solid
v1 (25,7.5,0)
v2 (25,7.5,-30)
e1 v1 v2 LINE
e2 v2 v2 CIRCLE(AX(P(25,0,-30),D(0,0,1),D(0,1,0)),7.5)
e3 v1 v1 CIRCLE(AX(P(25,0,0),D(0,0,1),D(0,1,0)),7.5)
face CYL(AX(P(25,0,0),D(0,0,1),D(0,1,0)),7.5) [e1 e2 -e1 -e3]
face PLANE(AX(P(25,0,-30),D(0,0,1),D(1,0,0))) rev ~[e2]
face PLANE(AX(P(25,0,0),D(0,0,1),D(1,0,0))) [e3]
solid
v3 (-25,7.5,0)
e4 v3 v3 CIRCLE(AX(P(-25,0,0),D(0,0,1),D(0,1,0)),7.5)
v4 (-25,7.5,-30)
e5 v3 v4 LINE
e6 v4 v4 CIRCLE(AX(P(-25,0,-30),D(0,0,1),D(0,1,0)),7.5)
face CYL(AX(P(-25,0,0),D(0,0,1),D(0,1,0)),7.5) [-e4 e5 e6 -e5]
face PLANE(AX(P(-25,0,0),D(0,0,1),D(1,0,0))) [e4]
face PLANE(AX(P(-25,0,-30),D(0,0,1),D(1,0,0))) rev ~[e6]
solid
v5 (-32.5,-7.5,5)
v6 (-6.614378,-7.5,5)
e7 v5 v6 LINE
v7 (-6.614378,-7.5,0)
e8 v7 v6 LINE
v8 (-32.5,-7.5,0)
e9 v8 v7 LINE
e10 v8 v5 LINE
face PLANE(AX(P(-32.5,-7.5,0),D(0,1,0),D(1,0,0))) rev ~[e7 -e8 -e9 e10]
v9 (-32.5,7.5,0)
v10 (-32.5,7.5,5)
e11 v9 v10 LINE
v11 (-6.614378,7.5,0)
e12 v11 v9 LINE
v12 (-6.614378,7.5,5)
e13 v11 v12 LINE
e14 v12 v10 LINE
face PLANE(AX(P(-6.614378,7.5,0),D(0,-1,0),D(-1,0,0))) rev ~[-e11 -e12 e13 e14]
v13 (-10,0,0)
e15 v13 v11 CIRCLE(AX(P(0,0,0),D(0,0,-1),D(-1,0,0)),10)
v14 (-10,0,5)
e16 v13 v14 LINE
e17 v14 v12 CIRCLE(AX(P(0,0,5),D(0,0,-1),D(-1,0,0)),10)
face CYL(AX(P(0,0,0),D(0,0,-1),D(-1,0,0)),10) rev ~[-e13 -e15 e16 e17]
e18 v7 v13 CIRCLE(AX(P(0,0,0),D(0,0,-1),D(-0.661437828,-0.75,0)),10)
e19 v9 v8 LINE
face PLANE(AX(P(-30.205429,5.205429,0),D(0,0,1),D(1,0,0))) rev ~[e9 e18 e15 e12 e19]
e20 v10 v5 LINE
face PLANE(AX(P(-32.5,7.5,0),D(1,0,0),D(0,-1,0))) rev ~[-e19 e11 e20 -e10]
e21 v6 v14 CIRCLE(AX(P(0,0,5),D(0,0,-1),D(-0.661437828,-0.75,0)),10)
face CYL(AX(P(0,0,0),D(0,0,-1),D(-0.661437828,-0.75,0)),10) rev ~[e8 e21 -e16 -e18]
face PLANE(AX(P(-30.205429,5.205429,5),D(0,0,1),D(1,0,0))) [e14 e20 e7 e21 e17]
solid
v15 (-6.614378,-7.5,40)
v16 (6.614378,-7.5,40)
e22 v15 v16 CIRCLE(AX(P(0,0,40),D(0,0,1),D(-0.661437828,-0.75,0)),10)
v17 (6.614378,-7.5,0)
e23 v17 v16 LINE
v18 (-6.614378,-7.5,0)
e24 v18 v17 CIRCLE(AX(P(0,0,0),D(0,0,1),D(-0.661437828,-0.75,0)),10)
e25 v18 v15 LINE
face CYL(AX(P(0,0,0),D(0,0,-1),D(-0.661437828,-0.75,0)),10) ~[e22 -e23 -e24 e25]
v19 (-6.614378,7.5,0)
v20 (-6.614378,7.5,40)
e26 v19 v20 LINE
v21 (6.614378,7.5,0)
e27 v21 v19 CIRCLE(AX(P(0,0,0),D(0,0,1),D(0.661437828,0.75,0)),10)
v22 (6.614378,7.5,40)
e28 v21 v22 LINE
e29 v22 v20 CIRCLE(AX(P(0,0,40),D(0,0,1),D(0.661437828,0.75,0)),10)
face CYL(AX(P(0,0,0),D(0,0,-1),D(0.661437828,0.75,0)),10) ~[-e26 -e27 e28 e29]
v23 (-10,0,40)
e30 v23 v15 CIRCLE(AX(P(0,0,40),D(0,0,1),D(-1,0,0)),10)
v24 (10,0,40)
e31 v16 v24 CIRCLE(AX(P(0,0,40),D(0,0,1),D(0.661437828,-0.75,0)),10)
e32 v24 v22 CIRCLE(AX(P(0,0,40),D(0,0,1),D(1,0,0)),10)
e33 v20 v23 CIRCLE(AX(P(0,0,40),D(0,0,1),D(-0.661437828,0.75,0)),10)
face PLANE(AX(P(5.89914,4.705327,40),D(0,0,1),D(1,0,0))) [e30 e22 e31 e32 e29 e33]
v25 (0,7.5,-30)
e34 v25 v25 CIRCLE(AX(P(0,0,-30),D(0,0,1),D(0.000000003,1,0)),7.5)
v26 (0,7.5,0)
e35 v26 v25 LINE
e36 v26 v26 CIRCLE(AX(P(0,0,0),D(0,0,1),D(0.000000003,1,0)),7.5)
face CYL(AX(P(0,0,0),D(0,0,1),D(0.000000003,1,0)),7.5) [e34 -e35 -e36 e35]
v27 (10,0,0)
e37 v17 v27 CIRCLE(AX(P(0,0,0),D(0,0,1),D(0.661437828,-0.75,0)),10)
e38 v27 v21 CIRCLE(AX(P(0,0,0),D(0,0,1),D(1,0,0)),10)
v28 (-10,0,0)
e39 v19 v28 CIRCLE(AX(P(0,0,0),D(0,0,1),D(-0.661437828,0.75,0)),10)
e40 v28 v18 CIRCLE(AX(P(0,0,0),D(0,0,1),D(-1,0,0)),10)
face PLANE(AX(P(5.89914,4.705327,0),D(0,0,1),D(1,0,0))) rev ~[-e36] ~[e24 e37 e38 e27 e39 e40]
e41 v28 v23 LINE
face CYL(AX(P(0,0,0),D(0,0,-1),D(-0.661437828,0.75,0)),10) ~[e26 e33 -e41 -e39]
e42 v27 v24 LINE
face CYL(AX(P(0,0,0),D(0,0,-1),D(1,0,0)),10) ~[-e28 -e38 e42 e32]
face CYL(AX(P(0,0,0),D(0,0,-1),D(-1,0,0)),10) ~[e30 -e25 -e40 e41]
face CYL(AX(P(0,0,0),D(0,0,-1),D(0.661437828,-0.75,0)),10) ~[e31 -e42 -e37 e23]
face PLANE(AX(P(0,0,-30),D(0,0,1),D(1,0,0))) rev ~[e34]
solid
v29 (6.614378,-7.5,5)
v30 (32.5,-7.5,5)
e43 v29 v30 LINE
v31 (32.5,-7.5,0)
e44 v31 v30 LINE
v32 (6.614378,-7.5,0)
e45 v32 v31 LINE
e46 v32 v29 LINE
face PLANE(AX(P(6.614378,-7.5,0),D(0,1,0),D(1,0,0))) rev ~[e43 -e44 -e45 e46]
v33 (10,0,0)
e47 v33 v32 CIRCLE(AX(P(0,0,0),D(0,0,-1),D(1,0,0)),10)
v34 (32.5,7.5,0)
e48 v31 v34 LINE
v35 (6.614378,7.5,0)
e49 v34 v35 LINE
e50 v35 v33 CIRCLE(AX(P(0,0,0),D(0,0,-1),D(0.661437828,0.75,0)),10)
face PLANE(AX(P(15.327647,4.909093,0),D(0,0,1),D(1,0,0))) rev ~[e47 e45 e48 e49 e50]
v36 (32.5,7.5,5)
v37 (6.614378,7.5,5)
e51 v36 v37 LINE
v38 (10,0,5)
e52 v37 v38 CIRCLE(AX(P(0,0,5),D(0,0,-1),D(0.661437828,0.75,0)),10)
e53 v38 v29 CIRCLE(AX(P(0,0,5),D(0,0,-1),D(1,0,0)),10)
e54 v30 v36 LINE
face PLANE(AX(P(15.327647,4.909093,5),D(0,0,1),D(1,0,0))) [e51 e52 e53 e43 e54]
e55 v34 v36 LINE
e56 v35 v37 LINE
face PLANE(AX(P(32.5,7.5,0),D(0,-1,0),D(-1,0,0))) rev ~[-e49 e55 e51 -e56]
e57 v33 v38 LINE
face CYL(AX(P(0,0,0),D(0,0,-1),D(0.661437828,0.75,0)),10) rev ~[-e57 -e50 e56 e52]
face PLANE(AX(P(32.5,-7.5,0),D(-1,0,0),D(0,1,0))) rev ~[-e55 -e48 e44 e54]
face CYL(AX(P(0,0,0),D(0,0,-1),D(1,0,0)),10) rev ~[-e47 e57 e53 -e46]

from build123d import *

# Parameters (mm, degrees)
F1_DEPTH = 30
F2_DEPTH = 40
F3_DEPTH = 5


with BuildPart() as f1:
    # F0 (on Top) → F1 (new body)
    with BuildSketch(Plane.XY):
        with BuildLine():
            ThreePointArc((-32.5, 0), (-30.3033008589, -5.3033008589), (-25, -7.5))
            ThreePointArc((-25, -7.5), (-19.6966991411, -5.3033008589), (-17.5, 0))
            ThreePointArc((-17.5, 0), (-19.6966991411, 5.3033008589), (-25, 7.5))
            ThreePointArc((-25, 7.5), (-30.3033008589, 5.3033008589), (-32.5, 0))
        make_face()
    extrude(amount=-F1_DEPTH)


with BuildPart() as f1b:
    # F0 (on Top) → F1, piece 2 (new body)
    with BuildSketch(Plane.XY):
        with BuildLine():
            ThreePointArc((-7.5, 0), (-5.3033008508, -5.303300867), (2.3e-08, -7.5))
            ThreePointArc((2.3e-08, -7.5), (5.303300867, -5.3033008508), (7.5, 0))
            ThreePointArc((7.5, 0), (5.3033008671, 5.3033008507), (2.31e-08, 7.5))
            ThreePointArc((2.31e-08, 7.5), (-5.3033008507, 5.3033008671), (-7.5, 0))
        make_face()
    extrude(amount=-F1_DEPTH)

    # F0 (on Top) → F2 (join)
    with BuildSketch(Plane.XY):
        with BuildLine():
            Line((7.5, 0), (10, 0))
            ThreePointArc((10, 0), (9.1143782777, 4.1143782777), (6.6143782777, 7.5))
            Line((6.6143782777, 7.5), (2.31e-08, 7.5))
            ThreePointArc((2.31e-08, 7.5), (5.3033008671, 5.3033008507), (7.5, 0))
        make_face()
        with BuildLine():
            Line((2.31e-08, 7.5), (6.6143782777, 7.5))
            ThreePointArc((6.6143782777, 7.5), (0, 10), (-6.6143782777, 7.5))
            Line((-6.6143782777, 7.5), (2.31e-08, 7.5))
        make_face()
        with BuildLine():
            Line((-10, 0), (-7.5, 0))
            ThreePointArc((-7.5, 0), (-5.3033008507, 5.3033008671), (2.31e-08, 7.5))
            Line((2.31e-08, 7.5), (-6.6143782777, 7.5))
            ThreePointArc((-6.6143782777, 7.5), (-9.1143782777, 4.1143782777), (-10, 0))
        make_face()
        with BuildLine():
            ThreePointArc((-7.5, 0), (-5.3033008508, -5.303300867), (2.3e-08, -7.5))
            ThreePointArc((2.3e-08, -7.5), (5.303300867, -5.3033008508), (7.5, 0))
            ThreePointArc((7.5, 0), (5.3033008671, 5.3033008507), (2.31e-08, 7.5))
            ThreePointArc((2.31e-08, 7.5), (-5.3033008507, 5.3033008671), (-7.5, 0))
        make_face()
        with BuildLine():
            Line((2.3e-08, -7.5), (6.6143782777, -7.5))
            ThreePointArc((6.6143782777, -7.5), (9.1143782777, -4.1143782777), (10, 0))
            Line((10, 0), (7.5, 0))
            ThreePointArc((7.5, 0), (5.303300867, -5.3033008508), (2.3e-08, -7.5))
        make_face()
        with BuildLine():
            ThreePointArc((-6.6143782777, -7.5), (0, -10), (6.6143782777, -7.5))
            Line((6.6143782777, -7.5), (2.3e-08, -7.5))
            Line((2.3e-08, -7.5), (-6.6143782777, -7.5))
        make_face()
        with BuildLine():
            Line((-6.6143782777, -7.5), (2.3e-08, -7.5))
            ThreePointArc((2.3e-08, -7.5), (-5.3033008508, -5.303300867), (-7.5, 0))
            Line((-7.5, 0), (-10, 0))
            ThreePointArc((-10, 0), (-9.1143782777, -4.1143782777), (-6.6143782777, -7.5))
        make_face()
    extrude(amount=F2_DEPTH)


with BuildPart() as f1c:
    # F0 (on Top) → F1, piece 3 (new body)
    with BuildSketch(Plane.XY):
        with BuildLine():
            ThreePointArc((17.5, 0), (19.6966991411, -5.3033008589), (25, -7.5))
            ThreePointArc((25, -7.5), (30.3033008589, -5.3033008589), (32.5, 0))
            ThreePointArc((32.5, 0), (30.3033008589, 5.3033008589), (25, 7.5))
            ThreePointArc((25, 7.5), (19.6966991411, 5.3033008589), (17.5, 0))
        make_face()
    extrude(amount=-F1_DEPTH)


with BuildPart() as f3:
    # F0 (on Top) → F3 (new body)
    with BuildSketch(Plane.XY):
        with BuildLine():
            Line((-32.5, 7.5), (-32.5, 0))
            ThreePointArc((-32.5, 0), (-30.3033008589, 5.3033008589), (-25, 7.5))
            Line((-25, 7.5), (-32.5, 7.5))
        make_face()
        with BuildLine():
            Line((-32.5, -7.5), (-25, -7.5))
            ThreePointArc((-25, -7.5), (-30.3033008589, -5.3033008589), (-32.5, 0))
            Line((-32.5, 0), (-32.5, -7.5))
        make_face()
        with BuildLine():
            Line((-25, -7.5), (-6.6143782777, -7.5))
            ThreePointArc((-6.6143782777, -7.5), (-9.1143782777, -4.1143782777), (-10, 0))
            Line((-10, 0), (-17.5, 0))
            ThreePointArc((-17.5, 0), (-19.6966991411, -5.3033008589), (-25, -7.5))
        make_face()
        with BuildLine():
            Line((-17.5, 0), (-10, 0))
            ThreePointArc((-10, 0), (-9.1143782777, 4.1143782777), (-6.6143782777, 7.5))
            Line((-6.6143782777, 7.5), (-25, 7.5))
            ThreePointArc((-25, 7.5), (-19.6966991411, 5.3033008589), (-17.5, 0))
        make_face()
        with BuildLine():
            ThreePointArc((-32.5, 0), (-30.3033008589, -5.3033008589), (-25, -7.5))
            ThreePointArc((-25, -7.5), (-19.6966991411, -5.3033008589), (-17.5, 0))
            ThreePointArc((-17.5, 0), (-19.6966991411, 5.3033008589), (-25, 7.5))
            ThreePointArc((-25, 7.5), (-30.3033008589, 5.3033008589), (-32.5, 0))
        make_face()
    extrude(amount=F3_DEPTH)


with BuildPart() as f3b:
    # F0 (on Top) → F3, piece 2 (new body)
    with BuildSketch(Plane.XY):
        with BuildLine():
            Line((10, 0), (17.5, 0))
            ThreePointArc((17.5, 0), (19.6966991411, 5.3033008589), (25, 7.5))
            Line((25, 7.5), (6.6143782777, 7.5))
            ThreePointArc((6.6143782777, 7.5), (9.1143782777, 4.1143782777), (10, 0))
        make_face()
        with BuildLine():
            Line((6.6143782777, -7.5), (25, -7.5))
            ThreePointArc((25, -7.5), (19.6966991411, -5.3033008589), (17.5, 0))
            Line((17.5, 0), (10, 0))
            ThreePointArc((10, 0), (9.1143782777, -4.1143782777), (6.6143782777, -7.5))
        make_face()
        with BuildLine():
            Line((25, -7.5), (32.5, -7.5))
            Line((32.5, -7.5), (32.5, 0))
            ThreePointArc((32.5, 0), (30.3033008589, -5.3033008589), (25, -7.5))
        make_face()
        with BuildLine():
            ThreePointArc((25, 7.5), (30.3033008589, 5.3033008589), (32.5, 0))
            Line((32.5, 0), (32.5, 7.5))
            Line((32.5, 7.5), (25, 7.5))
        make_face()
        with BuildLine():
            ThreePointArc((17.5, 0), (19.6966991411, -5.3033008589), (25, -7.5))
            ThreePointArc((25, -7.5), (30.3033008589, -5.3033008589), (32.5, 0))
            ThreePointArc((32.5, 0), (30.3033008589, 5.3033008589), (25, 7.5))
            ThreePointArc((25, 7.5), (19.6966991411, 5.3033008589), (17.5, 0))
        make_face()
    extrude(amount=F3_DEPTH)


solid = Compound([f1.part, f1b.part, f1c.part, f3.part, f3b.part])
